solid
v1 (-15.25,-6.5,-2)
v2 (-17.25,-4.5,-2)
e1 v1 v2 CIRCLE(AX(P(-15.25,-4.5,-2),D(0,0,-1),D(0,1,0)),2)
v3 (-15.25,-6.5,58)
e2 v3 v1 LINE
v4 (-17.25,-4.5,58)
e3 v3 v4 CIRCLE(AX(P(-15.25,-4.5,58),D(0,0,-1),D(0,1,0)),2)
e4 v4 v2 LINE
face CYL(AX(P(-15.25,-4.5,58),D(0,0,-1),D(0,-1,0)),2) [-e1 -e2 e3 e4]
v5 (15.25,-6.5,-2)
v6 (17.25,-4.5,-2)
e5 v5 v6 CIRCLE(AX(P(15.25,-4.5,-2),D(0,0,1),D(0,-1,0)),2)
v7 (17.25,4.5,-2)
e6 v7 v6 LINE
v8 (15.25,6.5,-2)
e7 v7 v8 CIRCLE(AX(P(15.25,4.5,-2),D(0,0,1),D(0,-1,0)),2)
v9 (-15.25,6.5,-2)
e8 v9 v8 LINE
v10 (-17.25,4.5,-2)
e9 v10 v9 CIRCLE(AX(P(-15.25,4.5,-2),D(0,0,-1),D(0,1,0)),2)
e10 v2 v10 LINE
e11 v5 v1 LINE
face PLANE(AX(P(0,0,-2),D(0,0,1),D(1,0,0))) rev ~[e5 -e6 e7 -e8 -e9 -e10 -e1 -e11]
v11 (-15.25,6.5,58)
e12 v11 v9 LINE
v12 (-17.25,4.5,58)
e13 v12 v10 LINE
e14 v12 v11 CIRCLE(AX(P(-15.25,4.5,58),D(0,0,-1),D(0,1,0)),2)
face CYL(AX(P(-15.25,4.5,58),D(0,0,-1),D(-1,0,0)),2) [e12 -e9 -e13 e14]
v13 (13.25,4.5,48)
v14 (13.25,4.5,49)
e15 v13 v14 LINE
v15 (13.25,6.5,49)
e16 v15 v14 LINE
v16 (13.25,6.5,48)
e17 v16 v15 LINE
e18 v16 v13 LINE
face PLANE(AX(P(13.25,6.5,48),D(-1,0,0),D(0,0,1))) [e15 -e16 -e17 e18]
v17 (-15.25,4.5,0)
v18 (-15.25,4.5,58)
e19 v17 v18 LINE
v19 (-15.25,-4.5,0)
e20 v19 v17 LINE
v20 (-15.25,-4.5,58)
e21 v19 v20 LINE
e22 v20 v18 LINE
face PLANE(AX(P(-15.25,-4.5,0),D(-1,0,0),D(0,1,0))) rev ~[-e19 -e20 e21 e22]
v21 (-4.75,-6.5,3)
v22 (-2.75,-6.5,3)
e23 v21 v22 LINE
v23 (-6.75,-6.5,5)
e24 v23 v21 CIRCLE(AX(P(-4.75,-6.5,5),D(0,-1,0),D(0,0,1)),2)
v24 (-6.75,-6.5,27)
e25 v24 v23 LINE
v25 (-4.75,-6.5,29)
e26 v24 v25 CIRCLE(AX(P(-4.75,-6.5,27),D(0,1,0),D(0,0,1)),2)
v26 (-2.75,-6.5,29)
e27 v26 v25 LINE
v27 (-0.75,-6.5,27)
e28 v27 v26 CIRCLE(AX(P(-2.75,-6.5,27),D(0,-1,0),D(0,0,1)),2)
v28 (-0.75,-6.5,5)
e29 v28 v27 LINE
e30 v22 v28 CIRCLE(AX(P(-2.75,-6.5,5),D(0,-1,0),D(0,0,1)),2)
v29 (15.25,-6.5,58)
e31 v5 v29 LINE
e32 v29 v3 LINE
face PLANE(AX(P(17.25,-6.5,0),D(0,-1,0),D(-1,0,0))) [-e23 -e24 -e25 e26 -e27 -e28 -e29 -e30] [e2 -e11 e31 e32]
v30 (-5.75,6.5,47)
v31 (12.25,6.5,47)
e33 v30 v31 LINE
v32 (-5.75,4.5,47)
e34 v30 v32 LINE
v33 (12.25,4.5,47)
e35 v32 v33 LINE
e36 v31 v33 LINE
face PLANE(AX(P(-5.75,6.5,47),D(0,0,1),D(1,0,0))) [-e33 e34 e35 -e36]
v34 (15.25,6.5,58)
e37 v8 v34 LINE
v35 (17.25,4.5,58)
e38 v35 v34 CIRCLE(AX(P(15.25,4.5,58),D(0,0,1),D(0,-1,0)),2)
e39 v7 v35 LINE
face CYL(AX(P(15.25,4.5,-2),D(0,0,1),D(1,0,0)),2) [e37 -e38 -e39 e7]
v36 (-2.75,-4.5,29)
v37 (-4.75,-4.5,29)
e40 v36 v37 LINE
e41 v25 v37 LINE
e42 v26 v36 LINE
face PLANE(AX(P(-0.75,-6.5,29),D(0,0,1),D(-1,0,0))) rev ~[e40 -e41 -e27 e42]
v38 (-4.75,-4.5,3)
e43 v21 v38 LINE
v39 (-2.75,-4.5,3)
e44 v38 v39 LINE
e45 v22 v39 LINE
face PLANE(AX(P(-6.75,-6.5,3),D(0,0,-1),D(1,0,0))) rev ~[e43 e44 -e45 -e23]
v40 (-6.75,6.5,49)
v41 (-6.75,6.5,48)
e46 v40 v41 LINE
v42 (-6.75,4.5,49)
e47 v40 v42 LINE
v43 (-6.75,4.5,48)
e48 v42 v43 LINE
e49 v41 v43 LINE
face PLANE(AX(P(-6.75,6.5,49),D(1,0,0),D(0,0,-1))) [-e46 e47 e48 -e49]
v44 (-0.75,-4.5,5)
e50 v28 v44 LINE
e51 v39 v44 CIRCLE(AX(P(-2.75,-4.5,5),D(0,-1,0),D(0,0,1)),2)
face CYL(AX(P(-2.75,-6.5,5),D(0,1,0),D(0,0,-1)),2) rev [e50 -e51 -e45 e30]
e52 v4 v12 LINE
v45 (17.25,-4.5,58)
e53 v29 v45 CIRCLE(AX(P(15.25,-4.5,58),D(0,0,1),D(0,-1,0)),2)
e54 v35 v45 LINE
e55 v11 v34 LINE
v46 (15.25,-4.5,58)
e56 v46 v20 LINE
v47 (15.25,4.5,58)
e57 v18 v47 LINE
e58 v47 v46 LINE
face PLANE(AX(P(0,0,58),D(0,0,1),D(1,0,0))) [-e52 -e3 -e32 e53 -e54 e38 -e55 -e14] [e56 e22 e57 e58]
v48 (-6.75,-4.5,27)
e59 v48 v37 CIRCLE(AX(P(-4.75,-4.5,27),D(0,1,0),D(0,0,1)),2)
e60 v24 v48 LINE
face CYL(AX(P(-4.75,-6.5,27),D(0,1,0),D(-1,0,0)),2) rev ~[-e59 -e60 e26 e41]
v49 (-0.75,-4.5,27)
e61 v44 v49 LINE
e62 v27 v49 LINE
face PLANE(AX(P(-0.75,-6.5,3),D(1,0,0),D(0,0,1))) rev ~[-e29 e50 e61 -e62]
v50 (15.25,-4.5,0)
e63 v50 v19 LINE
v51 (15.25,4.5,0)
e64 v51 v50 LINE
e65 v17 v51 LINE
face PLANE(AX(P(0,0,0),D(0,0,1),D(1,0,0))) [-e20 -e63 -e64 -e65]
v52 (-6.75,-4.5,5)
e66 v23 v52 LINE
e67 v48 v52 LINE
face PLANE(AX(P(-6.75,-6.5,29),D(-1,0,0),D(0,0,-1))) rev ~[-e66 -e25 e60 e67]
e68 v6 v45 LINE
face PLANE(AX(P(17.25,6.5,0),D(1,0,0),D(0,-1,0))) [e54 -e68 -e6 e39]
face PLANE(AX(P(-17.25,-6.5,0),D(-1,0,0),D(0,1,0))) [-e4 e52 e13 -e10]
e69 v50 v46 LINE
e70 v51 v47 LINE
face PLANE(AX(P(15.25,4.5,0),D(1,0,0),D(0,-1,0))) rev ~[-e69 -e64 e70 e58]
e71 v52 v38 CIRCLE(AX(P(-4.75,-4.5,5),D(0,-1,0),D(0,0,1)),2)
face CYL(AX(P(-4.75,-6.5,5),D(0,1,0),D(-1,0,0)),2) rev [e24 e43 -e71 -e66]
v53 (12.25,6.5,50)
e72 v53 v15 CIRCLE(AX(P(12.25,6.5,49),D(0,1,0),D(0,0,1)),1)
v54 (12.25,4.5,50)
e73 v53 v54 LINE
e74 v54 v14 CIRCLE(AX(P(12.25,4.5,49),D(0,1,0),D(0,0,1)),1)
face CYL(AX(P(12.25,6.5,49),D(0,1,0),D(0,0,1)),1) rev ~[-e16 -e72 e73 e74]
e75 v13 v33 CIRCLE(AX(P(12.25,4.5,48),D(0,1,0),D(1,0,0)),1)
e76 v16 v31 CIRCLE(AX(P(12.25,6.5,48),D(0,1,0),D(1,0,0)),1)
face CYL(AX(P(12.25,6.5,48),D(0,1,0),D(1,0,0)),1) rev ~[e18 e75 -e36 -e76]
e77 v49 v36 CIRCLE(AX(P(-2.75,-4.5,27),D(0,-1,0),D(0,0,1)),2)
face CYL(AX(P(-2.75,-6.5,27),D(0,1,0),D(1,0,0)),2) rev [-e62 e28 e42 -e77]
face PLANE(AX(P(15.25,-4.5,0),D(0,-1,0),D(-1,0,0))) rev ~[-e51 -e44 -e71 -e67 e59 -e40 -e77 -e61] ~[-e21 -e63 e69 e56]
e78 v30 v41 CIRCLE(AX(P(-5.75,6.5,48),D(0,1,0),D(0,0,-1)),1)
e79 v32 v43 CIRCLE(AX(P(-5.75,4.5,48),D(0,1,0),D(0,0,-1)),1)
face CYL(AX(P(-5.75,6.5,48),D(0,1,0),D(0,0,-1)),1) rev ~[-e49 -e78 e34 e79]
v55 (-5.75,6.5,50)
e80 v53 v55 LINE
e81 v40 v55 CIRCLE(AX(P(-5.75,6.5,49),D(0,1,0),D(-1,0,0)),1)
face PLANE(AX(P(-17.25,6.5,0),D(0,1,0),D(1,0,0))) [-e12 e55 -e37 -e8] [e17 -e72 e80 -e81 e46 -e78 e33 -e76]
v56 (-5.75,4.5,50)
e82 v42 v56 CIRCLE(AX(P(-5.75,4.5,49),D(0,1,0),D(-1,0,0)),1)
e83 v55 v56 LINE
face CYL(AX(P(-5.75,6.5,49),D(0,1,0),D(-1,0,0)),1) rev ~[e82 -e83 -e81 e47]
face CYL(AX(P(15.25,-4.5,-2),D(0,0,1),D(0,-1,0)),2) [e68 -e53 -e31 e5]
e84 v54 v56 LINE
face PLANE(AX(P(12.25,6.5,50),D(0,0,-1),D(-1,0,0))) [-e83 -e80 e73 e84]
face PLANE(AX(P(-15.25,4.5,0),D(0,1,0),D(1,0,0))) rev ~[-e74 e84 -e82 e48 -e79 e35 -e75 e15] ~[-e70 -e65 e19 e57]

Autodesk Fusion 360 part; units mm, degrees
sketch "Skizze1" plane through (0, 0, 0) normal (0, 0, 1) x (1, 0, 0)
  line L0 (15.25, -4.5) -> (-15.25, -4.5)
  line L1 (-15.25, -4.5) -> (-15.25, 4.5)
  line L2 (-15.25, 4.5) -> (15.25, 4.5)
  line L3 (15.25, 4.5) -> (15.25, -4.5)
  line L4 (15.25, -4.5) -> (-15.25, 4.5) construction
  line L5 (-15.25, -4.5) -> (15.25, 4.5) construction
  line L6 (17.25, -6.5) -> (-17.25, -6.5)
  line L7 (-17.25, -6.5) -> (-17.25, 6.5)
  line L8 (-17.25, 6.5) -> (17.25, 6.5)
  line L9 (17.25, 6.5) -> (17.25, -6.5)
  line L10 (17.25, -6.5) -> (-17.25, 6.5) construction
  line L11 (-17.25, -6.5) -> (17.25, 6.5) construction
  dimension "d1" = 30.5
  dimension "d2" = 9
  dimension "d3" = 34.5
  dimension "d4" = 13
extrude "Extrusion1" add sketch "Skizze1" against normal blind 2 contours L0 L1 L2 L3 | L6 L7 L8 L9
extrude "Extrusion2" add sketch "Skizze1" along normal blind 58
fillet "Abrundung1" radius 2 4 edges at (-17.25, -6.5, 28) (-17.25, 6.5, 28) (17.25, -6.5, 28) (17.25, 6.5, 28)
sketch "Skizze2" plane through (0, -6.5, 0) normal (0, -1, 0) x (1, 0, 0)
  line L0 (15.25, -2) -> (15.25, 58)
  line L1 (15.25, 58) -> (-15.25, 58)
  line L2 (-15.25, 58) -> (-15.25, -2)
  line L3 (-15.25, -2) -> (15.25, -2)
  line L4 (-6.75, 3) -> (-0.75, 3)
  line L5 (-0.75, 3) -> (-0.75, 29)
  line L6 (-0.75, 29) -> (-6.75, 29)
  line L7 (-6.75, 29) -> (-6.75, 3)
  line L8 (-17.25, 58) -> (-17.25, -2)
  line L9 (17.25, 0) -> (-17.25, 0)
  dimension "d11" = 6
  dimension "d12" = 26
  dimension "d19" = 8.5
  dimension "d20" = 3
extrude "Extrusion3" cut sketch "Skizze2" against normal blind 2 contours L4 L5 L6 L7
fillet "Abrundung2" radius 2 4 edges at (-0.75, -5.5, 29) (-6.75, -5.5, 29) (-0.75, -5.5, 3) (-6.75, -5.5, 3)
sketch "Skizze3" plane through (0, 6.5, 0) normal (0, 1, 0) x (-1, 0, 0)
  line L0 (-15.25, 58) -> (-15.25, -2)
  line L1 (-15.25, -2) -> (15.25, -2)
  line L2 (15.25, -2) -> (15.25, 58)
  line L3 (15.25, 58) -> (-15.25, 58)
  line L4 (-12.25, 50) -> (5.75, 50)
  line L5 (6.75, 49) -> (6.75, 48)
  line L6 (5.75, 47) -> (-12.25, 47)
  line L7 (-13.25, 48) -> (-13.25, 49)
  line L8 (-15.25, 0) -> (15.25, 0)
  arc A0 (-12.25, 50) -> (-13.25, 49) centre (-12.25, 49) ccw
  arc A1 (-13.25, 48) -> (-12.25, 47) centre (-12.25, 48) ccw
  arc A2 (5.75, 47) -> (6.75, 48) centre (5.75, 48) ccw
  arc A3 (6.75, 49) -> (5.75, 50) centre (5.75, 49) ccw
  point P0 (-13.25, 50)
  point P1 (6.75, 50)
  dimension "d21" = 47
  dimension "d22" = 50
  dimension "d23" = 20
  dimension "d24" = 2
  dimension "d27" = 1
extrude "Extrusion4" cut sketch "Skizze3" against normal blind 3 contours L4 L5 L6 L7 A0 A1 A2 A3
equation "d3 = d1 + ( ( 2 * 2 ) * 1 mm )"
equation "d4 = d2 + ( ( 2 * 2 ) * 1 mm )"
equation "d12 = 28 mm - 2 mm"
